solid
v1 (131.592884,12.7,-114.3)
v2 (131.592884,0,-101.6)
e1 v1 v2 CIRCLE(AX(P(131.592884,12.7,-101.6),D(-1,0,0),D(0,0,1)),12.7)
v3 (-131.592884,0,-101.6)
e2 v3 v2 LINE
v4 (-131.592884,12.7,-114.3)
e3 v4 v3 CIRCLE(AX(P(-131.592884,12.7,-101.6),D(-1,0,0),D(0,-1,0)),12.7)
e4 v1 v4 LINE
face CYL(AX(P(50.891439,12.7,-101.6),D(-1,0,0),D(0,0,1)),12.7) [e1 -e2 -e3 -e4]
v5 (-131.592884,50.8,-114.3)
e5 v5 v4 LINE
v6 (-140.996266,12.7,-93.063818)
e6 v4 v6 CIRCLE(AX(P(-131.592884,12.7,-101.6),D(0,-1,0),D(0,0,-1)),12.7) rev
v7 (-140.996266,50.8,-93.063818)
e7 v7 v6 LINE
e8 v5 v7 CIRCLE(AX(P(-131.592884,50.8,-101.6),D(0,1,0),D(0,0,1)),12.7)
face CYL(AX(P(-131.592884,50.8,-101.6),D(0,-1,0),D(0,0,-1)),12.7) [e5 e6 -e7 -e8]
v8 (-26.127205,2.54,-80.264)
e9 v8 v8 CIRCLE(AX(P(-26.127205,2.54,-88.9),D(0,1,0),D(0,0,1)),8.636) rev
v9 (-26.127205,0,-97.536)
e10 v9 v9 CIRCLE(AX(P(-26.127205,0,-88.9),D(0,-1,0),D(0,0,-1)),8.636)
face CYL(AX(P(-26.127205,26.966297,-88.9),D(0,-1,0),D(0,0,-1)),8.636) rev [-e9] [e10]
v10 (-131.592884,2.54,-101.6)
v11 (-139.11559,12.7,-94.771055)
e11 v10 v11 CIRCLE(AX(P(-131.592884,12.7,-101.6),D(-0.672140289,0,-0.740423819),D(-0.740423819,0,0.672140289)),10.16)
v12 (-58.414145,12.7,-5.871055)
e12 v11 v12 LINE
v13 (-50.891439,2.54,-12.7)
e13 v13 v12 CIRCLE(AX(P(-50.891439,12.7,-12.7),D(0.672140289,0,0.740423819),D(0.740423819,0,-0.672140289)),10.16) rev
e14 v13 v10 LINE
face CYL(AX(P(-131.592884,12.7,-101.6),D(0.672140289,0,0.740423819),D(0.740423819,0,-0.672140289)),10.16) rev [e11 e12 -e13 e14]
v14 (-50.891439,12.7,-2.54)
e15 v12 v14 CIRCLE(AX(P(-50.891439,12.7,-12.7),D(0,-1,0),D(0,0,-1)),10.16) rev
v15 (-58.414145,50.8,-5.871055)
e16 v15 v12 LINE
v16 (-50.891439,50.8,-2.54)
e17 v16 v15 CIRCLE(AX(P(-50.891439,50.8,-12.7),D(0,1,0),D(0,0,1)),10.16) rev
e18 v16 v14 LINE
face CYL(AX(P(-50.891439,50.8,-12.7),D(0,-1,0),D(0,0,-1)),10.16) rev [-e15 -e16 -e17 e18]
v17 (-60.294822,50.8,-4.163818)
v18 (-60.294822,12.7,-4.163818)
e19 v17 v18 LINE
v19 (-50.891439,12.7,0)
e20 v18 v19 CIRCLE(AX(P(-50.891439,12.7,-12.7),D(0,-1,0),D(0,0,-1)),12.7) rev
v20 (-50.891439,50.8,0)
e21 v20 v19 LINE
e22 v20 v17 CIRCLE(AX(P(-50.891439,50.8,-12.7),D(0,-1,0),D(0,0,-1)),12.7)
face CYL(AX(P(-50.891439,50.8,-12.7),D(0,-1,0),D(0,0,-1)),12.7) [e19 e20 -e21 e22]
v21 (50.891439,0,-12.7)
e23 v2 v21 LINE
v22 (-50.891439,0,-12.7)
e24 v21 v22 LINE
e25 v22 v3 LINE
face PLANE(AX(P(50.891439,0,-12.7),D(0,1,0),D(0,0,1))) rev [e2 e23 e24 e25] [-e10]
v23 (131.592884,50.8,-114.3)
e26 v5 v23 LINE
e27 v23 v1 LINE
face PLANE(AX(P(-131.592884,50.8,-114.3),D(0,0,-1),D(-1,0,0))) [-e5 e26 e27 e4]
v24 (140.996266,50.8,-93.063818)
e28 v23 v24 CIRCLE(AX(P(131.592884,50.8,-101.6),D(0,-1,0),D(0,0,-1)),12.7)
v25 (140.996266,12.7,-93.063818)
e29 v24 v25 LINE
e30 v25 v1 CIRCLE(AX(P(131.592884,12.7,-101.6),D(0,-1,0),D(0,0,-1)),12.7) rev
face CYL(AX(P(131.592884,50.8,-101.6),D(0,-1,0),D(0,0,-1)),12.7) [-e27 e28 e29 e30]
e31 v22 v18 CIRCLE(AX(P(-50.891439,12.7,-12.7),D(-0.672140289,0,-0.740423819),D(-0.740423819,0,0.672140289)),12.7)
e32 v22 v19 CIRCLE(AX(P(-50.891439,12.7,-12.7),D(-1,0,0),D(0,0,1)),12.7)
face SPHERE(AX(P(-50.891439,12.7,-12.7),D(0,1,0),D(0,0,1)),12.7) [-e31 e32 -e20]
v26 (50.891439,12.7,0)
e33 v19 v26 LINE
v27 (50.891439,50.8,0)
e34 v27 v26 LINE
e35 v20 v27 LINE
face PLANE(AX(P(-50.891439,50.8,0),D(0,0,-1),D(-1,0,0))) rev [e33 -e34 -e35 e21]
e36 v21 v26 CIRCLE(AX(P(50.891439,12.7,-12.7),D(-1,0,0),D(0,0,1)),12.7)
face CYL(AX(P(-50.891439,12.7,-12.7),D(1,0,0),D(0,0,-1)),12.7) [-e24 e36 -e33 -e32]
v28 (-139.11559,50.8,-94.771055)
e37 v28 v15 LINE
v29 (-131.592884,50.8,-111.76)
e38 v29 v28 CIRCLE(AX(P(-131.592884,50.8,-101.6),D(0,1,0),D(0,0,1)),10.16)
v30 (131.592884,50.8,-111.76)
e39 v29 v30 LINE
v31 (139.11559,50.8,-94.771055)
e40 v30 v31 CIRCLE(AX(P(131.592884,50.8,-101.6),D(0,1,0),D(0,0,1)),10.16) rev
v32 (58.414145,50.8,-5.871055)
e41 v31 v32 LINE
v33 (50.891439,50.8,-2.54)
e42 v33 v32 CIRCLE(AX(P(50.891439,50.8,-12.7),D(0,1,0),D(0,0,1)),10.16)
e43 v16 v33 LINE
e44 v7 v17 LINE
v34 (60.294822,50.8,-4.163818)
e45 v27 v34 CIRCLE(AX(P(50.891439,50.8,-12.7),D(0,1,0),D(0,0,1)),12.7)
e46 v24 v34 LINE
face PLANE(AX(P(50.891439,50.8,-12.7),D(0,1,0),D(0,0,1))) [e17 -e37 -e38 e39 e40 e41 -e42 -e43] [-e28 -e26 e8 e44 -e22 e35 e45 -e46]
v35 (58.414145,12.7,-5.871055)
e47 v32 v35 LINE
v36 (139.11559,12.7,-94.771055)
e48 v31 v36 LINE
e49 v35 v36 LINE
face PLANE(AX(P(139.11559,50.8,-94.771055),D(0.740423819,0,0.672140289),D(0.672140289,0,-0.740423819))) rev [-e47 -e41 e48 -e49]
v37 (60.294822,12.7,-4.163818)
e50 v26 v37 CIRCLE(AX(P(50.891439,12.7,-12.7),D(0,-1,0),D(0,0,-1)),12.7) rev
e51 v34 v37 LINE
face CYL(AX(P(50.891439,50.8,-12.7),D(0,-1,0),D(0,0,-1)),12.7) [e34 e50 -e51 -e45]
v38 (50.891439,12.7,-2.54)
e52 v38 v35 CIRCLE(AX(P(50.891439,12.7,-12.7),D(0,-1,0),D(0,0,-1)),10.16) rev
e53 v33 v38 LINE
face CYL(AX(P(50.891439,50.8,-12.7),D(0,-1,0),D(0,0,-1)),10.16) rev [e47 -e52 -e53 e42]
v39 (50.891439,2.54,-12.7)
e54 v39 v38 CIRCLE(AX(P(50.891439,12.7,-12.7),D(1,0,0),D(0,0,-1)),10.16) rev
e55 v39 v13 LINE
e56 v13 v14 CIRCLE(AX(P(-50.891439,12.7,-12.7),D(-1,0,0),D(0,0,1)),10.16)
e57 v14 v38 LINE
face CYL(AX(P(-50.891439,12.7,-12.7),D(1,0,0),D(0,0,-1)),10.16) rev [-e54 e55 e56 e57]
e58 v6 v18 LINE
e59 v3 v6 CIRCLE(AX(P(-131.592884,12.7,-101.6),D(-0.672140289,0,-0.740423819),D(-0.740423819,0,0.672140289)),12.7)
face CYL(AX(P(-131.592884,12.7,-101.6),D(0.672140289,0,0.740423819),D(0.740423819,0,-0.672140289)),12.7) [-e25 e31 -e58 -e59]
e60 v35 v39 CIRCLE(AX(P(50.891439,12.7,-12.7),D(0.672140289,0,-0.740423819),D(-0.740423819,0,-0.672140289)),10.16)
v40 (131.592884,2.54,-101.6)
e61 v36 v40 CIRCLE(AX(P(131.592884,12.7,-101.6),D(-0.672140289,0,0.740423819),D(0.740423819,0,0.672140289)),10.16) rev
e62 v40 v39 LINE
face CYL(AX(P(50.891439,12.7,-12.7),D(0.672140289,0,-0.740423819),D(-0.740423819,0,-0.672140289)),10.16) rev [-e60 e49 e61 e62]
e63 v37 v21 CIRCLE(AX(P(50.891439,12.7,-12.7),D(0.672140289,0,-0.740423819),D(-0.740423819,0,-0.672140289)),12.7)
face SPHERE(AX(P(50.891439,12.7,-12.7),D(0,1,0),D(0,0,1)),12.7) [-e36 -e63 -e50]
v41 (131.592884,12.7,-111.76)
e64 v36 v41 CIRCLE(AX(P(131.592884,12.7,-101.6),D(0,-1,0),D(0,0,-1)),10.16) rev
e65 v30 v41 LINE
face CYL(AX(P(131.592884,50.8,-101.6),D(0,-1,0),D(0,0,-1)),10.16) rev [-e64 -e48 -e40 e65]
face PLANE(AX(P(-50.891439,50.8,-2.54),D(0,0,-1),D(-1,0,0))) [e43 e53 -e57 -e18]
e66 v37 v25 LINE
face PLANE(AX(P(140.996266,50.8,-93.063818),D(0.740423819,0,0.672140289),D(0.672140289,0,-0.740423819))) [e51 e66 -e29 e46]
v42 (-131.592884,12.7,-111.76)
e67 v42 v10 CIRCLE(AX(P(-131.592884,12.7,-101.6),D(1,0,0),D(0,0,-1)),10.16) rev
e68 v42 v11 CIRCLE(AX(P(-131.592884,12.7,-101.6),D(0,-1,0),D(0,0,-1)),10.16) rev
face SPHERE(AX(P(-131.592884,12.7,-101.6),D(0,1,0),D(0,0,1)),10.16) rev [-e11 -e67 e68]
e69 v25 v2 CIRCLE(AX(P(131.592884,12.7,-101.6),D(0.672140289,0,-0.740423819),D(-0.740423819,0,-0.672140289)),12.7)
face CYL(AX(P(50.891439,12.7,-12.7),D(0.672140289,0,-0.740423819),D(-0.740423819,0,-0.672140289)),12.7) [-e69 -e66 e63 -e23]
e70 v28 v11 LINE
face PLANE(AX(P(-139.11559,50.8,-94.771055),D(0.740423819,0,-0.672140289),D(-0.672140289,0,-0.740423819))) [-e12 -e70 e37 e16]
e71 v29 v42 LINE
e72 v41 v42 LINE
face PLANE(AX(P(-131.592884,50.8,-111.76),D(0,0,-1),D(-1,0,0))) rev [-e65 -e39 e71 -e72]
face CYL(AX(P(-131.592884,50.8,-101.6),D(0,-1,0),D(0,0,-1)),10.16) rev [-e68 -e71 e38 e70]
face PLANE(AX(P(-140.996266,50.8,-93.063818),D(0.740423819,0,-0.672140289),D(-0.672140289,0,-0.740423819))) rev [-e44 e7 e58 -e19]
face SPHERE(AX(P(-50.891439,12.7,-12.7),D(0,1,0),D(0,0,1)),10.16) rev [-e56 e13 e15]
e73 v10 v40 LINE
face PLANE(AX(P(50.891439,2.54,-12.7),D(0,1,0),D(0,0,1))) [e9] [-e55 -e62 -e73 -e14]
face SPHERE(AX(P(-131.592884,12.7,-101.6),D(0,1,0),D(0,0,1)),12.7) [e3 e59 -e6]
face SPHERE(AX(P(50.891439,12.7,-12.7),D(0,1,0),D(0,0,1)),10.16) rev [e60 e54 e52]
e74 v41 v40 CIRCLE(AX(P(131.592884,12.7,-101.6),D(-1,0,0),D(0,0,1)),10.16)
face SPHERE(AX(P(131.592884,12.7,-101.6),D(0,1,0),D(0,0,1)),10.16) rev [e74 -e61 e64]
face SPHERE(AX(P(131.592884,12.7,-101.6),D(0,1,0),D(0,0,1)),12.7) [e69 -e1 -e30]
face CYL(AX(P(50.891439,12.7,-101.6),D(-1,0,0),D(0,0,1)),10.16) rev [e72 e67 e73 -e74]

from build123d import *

# Parameters (mm, degrees)
BOSS_EXTRUDE1_DEPTH = 50.8
FILLET1_R           = 12.7
SHELL1_T            = -2.54
SKETCH2_R           = 8.636
CUT_EXTRUDE1_DEPTH  = 2.54


with BuildPart() as part:
    # Sketch1 → Boss-Extrude1 (new body)
    with BuildSketch(Plane(origin=(0, 0, 0), x_dir=(1, 0, 0), z_dir=(0, 1, 0))):
        with BuildLine():
            Line((-50.891439248, 0), (50.891439248, 0))
            ThreePointArc((50.891439248, 0), (56.033447259, 1.087517336), (60.29482175, 4.163818329))
            Line((60.29482175, 4.163818329), (140.996266194, 93.063818329))
            ThreePointArc((140.996266194, 93.063818329), (143.205366356, 106.742008011), (131.592883692, 114.3))
            Line((131.592883692, 114.3), (-131.592883692, 114.3))
            ThreePointArc((-131.592883692, 114.3), (-143.205366356, 106.742008011), (-140.996266194, 93.063818329))
            Line((-140.996266194, 93.063818329), (-60.29482175, 4.163818329))
            ThreePointArc((-60.29482175, 4.163818329), (-56.033447259, 1.087517336), (-50.891439248, 0))
        make_face()
    extrude(amount=BOSS_EXTRUDE1_DEPTH)

    # Fillet1
    fillet1_edges = [part.edges().sort_by_distance(p)[0] for p in [
        (-56.033447259, 0, -1.087517336),
        (0, 0, 0),
        (56.033447259, 0, -1.087517336),
        (100.645543972, 0, -48.613818329),
        (143.205366356, 0, -106.742008011),
        (0, 0, -114.3),
        (-143.205366356, 0, -106.742008011),
        (-100.645543972, 0, -48.613818329),
    ]]
    fillet(fillet1_edges, radius=FILLET1_R)

    # Shell1
    shell1_openings = [part.faces().sort_by_distance(p)[0] for p in [
        (0, 50.8, -65.668899596),
    ]]
    offset(amount=SHELL1_T, openings=shell1_openings, kind=Kind.INTERSECTION)

    # Sketch2 → Cut-Extrude1 (cut)
    with BuildSketch(Plane.XZ):
        with Locations(Location((-26.127205075, -88.9, 0), (0, 0, 270))):
            Circle(SKETCH2_R)
    extrude(amount=-CUT_EXTRUDE1_DEPTH, mode=Mode.SUBTRACT)


solid = part.part
